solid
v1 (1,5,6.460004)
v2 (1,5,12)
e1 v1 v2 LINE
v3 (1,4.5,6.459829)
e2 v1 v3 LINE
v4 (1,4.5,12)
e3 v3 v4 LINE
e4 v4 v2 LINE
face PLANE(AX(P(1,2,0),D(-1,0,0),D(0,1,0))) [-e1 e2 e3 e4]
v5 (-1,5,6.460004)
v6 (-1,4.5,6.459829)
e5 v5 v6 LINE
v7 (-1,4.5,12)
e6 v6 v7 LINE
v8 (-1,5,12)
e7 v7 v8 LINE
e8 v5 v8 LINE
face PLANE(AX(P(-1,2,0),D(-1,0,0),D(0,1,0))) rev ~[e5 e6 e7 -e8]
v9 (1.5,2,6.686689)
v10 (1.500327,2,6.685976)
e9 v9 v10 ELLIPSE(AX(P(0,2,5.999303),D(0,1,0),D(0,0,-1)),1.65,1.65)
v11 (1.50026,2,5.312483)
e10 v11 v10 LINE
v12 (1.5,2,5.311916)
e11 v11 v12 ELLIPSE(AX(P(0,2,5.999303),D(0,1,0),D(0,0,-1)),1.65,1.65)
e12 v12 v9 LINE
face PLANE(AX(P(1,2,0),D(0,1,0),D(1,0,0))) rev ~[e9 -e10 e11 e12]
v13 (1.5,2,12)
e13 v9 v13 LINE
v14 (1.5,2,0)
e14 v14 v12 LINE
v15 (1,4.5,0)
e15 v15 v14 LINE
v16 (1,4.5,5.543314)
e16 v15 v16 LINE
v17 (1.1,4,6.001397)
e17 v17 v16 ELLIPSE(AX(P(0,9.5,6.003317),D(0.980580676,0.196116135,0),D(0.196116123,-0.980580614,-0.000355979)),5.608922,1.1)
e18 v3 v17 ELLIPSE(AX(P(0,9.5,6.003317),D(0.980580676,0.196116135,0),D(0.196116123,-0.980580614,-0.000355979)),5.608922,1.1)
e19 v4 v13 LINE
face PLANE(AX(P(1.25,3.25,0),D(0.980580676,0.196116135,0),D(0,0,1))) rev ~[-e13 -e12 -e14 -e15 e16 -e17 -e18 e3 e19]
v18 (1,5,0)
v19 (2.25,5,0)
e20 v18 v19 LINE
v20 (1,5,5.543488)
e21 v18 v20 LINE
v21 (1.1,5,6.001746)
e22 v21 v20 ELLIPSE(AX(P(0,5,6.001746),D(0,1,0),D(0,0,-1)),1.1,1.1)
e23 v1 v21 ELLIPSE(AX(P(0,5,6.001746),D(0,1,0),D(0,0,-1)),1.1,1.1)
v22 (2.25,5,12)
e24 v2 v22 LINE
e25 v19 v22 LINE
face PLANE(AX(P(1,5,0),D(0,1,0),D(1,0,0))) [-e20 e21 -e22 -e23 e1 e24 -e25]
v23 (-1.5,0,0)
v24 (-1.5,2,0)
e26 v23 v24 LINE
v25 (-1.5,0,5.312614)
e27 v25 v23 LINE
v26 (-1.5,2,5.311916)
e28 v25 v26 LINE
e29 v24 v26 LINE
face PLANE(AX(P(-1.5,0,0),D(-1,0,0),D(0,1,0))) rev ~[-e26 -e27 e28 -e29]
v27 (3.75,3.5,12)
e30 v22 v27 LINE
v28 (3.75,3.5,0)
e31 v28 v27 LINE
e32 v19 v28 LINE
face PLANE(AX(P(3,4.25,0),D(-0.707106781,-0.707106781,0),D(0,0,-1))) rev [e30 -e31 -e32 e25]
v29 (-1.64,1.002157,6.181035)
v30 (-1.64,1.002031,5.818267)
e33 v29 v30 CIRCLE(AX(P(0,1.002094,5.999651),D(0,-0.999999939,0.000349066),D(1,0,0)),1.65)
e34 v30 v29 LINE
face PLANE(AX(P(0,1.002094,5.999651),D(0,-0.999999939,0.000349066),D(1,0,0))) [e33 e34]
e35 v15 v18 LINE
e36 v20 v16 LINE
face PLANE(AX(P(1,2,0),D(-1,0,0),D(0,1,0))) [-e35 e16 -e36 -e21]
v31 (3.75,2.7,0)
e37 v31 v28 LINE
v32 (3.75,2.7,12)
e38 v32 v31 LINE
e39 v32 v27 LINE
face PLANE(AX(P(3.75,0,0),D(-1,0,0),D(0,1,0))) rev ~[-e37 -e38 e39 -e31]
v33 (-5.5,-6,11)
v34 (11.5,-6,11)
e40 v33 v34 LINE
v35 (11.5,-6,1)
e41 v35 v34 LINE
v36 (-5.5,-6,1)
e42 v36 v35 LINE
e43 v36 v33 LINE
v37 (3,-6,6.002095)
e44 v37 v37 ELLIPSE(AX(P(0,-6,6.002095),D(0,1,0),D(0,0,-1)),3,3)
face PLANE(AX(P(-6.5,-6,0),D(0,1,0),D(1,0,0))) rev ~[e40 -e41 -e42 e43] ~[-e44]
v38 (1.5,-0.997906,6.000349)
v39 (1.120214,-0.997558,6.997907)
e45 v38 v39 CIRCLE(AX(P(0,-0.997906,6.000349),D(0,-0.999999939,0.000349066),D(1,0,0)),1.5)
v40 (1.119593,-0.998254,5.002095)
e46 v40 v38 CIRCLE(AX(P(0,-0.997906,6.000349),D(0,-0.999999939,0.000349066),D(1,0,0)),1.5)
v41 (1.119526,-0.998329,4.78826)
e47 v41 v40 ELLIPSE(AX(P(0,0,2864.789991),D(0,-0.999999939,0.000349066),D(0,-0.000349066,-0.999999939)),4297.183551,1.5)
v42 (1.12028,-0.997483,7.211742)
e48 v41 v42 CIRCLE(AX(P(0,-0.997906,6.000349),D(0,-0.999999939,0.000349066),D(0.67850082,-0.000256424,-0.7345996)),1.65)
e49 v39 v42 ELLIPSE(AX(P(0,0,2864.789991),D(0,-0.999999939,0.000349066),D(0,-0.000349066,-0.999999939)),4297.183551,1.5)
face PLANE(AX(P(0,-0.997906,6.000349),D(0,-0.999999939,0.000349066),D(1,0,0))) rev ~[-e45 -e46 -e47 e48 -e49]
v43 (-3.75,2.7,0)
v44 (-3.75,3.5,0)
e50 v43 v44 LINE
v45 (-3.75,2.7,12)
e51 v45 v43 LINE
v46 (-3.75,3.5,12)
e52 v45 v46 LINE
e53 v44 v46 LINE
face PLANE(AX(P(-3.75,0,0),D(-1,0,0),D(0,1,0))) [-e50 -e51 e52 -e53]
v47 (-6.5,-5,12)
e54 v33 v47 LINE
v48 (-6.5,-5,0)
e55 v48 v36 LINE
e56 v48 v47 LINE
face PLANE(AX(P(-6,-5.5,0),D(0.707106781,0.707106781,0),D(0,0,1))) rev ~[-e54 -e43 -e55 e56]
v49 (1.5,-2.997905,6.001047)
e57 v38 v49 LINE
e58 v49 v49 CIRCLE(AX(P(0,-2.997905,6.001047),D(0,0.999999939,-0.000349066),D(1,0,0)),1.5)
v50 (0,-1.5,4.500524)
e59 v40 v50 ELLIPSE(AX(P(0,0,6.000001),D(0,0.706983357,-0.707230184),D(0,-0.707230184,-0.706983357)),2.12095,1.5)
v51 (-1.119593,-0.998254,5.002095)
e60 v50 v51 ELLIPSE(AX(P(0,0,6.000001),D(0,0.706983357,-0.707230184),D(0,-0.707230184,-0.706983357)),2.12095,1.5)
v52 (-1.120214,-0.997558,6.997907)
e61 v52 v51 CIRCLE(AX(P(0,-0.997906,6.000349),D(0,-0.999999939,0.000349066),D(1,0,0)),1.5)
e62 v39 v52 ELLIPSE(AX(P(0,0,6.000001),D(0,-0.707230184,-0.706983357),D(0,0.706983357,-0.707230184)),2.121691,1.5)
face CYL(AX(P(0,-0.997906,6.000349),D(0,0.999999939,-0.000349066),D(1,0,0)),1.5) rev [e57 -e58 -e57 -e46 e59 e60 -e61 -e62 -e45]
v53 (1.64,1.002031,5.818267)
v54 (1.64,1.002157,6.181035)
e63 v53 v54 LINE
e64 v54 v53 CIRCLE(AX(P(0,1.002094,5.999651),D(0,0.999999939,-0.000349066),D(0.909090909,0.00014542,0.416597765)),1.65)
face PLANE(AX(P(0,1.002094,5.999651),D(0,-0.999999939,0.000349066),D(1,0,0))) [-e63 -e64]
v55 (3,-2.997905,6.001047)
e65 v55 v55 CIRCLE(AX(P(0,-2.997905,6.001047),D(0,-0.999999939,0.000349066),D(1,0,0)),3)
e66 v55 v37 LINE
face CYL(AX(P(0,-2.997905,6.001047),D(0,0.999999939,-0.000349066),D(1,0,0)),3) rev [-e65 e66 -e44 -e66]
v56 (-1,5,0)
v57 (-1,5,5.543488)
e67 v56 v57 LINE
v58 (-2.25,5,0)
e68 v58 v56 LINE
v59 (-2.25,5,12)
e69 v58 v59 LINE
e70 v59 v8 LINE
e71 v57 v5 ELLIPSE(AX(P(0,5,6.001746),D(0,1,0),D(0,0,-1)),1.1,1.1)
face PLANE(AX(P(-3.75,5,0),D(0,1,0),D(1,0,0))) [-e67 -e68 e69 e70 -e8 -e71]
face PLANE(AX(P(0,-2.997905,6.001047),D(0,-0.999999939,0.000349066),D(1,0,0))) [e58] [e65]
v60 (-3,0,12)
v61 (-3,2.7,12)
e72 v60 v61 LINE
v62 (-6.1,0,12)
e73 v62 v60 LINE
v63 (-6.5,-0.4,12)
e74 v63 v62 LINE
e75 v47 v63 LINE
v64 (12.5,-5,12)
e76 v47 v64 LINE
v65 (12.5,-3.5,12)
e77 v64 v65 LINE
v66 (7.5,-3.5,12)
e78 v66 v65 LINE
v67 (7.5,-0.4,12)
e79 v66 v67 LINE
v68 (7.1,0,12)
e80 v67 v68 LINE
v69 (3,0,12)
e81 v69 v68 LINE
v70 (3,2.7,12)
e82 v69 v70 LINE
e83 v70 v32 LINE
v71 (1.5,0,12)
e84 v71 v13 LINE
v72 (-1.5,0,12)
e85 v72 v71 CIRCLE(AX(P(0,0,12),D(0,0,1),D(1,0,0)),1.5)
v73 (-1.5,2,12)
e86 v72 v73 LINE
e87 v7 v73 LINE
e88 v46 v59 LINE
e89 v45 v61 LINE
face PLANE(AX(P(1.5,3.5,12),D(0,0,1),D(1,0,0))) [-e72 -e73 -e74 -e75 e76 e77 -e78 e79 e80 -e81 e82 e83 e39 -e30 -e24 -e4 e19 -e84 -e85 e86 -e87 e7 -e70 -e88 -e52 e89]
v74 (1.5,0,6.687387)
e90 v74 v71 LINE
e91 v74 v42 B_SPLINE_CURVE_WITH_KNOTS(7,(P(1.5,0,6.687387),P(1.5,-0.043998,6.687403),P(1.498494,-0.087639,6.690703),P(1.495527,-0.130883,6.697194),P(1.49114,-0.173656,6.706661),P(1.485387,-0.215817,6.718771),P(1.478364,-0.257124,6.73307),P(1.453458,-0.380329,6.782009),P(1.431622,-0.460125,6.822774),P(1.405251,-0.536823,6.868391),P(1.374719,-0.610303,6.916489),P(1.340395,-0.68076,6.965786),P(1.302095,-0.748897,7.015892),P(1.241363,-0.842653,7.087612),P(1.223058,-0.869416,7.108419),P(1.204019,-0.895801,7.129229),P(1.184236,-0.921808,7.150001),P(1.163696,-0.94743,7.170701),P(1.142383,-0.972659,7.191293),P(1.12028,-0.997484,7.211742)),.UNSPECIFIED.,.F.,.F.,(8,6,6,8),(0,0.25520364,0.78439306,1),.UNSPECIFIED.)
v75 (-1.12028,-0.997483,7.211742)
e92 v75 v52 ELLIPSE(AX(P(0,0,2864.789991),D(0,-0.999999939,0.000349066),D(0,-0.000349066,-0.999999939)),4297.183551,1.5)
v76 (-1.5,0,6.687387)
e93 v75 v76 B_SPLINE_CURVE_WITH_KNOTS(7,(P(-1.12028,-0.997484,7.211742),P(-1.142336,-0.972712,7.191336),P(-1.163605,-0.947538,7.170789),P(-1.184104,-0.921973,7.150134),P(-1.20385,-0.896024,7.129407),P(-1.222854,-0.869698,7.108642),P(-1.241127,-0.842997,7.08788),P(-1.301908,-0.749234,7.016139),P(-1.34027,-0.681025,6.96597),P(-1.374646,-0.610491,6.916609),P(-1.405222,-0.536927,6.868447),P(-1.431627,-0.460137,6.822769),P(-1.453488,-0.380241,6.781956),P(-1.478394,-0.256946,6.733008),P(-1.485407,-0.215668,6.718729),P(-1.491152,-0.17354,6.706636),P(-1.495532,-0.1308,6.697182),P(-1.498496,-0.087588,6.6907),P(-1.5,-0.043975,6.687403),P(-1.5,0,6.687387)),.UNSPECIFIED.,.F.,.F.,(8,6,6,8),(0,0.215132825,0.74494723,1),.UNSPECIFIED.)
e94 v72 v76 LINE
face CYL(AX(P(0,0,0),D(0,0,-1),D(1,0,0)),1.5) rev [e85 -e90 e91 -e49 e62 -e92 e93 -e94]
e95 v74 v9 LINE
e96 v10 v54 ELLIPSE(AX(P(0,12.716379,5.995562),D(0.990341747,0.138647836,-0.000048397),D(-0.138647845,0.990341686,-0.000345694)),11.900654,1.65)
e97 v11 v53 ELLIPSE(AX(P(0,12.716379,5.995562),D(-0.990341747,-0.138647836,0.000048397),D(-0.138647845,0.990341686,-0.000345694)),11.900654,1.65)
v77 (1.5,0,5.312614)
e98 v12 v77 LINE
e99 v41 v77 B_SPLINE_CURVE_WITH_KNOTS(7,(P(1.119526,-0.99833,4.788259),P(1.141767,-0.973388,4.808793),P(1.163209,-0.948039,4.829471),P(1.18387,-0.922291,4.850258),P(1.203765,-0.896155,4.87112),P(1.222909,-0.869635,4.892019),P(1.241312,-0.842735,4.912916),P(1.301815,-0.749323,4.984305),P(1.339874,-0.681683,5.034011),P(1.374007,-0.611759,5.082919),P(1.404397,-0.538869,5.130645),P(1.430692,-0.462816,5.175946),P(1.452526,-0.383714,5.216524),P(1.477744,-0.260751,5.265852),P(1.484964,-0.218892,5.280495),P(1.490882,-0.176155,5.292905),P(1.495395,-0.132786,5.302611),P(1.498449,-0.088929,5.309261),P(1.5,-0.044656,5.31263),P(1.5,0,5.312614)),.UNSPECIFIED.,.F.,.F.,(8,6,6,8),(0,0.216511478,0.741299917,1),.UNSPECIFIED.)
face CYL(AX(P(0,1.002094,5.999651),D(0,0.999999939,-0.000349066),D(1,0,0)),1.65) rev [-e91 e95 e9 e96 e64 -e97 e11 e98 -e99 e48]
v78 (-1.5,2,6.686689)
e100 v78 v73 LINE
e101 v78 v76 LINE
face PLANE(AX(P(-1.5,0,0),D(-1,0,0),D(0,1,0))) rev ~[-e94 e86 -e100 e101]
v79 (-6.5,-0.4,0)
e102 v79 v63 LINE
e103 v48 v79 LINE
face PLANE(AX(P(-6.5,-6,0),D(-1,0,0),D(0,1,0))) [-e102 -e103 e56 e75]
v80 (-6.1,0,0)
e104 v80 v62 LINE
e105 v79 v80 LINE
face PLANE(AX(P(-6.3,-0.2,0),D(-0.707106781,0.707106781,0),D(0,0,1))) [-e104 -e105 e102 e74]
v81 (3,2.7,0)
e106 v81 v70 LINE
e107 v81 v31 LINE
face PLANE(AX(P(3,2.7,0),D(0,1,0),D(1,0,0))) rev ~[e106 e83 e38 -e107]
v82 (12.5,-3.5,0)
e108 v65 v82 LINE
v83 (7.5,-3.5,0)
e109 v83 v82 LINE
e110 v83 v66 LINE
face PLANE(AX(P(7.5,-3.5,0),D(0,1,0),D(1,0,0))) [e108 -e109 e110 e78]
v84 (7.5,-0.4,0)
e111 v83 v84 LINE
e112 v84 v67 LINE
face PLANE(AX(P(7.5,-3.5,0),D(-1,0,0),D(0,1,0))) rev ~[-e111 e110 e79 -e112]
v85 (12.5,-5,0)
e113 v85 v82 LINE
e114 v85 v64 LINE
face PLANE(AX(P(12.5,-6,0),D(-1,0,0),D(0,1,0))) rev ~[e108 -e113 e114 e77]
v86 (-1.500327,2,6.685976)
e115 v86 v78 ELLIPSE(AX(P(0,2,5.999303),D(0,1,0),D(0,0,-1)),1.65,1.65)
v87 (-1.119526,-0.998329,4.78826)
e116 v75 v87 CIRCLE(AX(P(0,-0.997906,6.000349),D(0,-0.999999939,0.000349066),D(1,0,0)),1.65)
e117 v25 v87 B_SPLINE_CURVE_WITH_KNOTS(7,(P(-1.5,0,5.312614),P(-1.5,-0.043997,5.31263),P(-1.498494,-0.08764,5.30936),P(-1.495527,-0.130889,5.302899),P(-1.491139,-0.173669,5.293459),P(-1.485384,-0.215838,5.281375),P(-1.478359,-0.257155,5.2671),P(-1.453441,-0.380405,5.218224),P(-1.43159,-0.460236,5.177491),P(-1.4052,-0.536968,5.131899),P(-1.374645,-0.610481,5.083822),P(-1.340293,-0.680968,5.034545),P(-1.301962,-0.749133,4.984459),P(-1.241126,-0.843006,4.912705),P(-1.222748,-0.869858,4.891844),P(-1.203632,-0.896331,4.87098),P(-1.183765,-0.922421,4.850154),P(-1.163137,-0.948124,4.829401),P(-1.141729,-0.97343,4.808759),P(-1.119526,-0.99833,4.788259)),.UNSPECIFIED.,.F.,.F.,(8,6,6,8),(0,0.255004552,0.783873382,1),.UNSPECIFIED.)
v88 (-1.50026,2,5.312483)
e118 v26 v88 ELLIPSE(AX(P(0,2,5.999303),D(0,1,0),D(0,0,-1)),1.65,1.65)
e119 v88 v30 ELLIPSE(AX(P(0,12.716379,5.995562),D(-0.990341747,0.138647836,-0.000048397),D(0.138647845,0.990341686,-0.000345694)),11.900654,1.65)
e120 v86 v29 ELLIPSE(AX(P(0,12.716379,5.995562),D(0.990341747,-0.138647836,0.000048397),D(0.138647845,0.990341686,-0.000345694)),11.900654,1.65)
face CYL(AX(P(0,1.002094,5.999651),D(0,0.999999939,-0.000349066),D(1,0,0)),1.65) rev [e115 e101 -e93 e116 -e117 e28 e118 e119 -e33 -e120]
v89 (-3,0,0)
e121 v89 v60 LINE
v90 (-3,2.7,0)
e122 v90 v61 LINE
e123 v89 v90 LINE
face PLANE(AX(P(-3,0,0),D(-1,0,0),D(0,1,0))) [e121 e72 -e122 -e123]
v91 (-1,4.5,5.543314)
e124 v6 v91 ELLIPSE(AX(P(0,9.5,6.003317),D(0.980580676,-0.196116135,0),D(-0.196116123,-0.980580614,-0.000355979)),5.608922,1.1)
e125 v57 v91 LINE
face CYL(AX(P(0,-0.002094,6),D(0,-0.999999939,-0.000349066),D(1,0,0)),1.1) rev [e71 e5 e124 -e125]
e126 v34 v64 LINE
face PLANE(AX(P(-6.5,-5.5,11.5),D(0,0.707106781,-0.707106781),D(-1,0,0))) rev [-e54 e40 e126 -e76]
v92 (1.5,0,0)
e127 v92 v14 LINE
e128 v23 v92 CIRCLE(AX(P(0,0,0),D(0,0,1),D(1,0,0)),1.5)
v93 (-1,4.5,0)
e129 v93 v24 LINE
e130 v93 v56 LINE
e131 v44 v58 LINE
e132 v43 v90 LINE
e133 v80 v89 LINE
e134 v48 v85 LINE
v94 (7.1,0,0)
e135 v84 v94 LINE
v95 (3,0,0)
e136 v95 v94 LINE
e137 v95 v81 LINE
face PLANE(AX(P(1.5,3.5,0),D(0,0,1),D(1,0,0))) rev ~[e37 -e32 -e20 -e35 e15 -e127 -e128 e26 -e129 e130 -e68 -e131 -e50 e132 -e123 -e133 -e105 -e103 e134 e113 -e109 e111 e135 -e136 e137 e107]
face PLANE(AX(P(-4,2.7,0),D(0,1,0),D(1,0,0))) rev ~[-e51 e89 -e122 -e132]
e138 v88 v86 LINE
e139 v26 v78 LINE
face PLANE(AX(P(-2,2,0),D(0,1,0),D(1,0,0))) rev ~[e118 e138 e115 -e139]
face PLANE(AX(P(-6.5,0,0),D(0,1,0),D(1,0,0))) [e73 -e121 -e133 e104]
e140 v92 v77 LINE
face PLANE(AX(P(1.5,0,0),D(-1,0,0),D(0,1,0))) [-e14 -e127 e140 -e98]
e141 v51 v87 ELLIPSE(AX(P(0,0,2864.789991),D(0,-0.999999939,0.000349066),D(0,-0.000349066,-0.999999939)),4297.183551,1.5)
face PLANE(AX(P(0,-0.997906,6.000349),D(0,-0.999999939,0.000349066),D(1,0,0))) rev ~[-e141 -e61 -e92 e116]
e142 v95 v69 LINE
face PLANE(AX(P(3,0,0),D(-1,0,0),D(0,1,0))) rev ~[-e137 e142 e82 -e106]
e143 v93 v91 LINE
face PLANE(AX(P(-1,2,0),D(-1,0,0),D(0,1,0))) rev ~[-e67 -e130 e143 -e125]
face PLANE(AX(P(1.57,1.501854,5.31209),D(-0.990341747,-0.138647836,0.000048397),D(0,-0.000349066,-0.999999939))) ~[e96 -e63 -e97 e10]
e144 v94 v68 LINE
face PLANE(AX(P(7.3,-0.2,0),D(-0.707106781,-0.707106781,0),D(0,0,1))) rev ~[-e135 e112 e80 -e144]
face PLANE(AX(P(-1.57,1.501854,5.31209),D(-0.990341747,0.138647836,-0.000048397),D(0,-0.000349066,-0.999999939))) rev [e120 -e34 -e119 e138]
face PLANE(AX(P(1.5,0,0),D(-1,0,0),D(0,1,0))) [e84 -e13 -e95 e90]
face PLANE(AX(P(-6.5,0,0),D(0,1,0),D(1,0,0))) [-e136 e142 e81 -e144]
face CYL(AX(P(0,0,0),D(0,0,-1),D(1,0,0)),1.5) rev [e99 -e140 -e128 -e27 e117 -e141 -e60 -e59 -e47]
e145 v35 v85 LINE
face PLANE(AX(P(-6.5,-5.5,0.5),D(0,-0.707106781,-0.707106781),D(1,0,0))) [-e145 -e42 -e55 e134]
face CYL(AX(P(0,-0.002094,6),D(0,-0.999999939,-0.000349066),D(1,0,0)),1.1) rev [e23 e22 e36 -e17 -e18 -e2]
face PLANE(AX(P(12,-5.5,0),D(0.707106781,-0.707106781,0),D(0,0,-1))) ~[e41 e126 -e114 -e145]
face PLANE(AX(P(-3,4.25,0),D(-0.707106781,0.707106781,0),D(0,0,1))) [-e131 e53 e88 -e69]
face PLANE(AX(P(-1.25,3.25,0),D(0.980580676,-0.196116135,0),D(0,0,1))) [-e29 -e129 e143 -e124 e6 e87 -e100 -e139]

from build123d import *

# Parameters (mm, degrees)
CYLINDER005_R               = 1.1
CYLINDER005_DEPTH           = 10
CYLINDER005_PLACEMENT_ANGLE = 89.98
BOX017_W                    = 1
BOX017_H                    = 3
BOX017_DEPTH                = 12
CHAMFER019_SIZE2            = 0.5
CHAMFER019_SIZE             = 2.5
BOX016_W                    = 1
BOX016_H                    = 3
BOX016_DEPTH                = 12
CHAMFER018_SIZE2            = 0.5
CHAMFER018_SIZE             = 2.5
CYLINDER004_R               = 1.5
CYLINDER004_DEPTH           = 5
CYLINDER004_PLACEMENT_ANGLE = 89.98
CYLINDER003_R               = 1.65
CYLINDER003_DEPTH           = 2
CYLINDER003_PLACEMENT_ANGLE = 89.98
CYLINDER002_R               = 3
CYLINDER002_DEPTH           = 7
CYLINDER002_PLACEMENT_ANGLE = 89.98
BOX006_W                    = 1
BOX006_H                    = 2.7
BOX006_DEPTH                = 12
BOX003_W                    = 2.25
BOX003_H                    = 5
BOX003_DEPTH                = 12
CHAMFER016_SIZE             = 1.5
BOX007_W                    = 1
BOX007_H                    = 2.7
BOX007_DEPTH                = 12
BOX002_W                    = 2.25
BOX002_H                    = 5
BOX002_DEPTH                = 12
CHAMFER_SIZE                = 1.5
CYLINDER001_R               = 1.5
CYLINDER001_DEPTH           = 12
BOX005_W                    = 21
BOX005_H                    = 6
BOX005_DEPTH                = 12
BOX004_W                    = 19
BOX004_H                    = 6
BOX004_DEPTH                = 12
CHAMFER020_1_SIZE2          = 0.14
CHAMFER020_1_SIZE           = 1
CHAMFER020_2_SIZE2          = 0.14
CHAMFER020_2_SIZE           = 1
CHAMFER021_SIZE             = 1
CHAMFER022_SIZE             = 0.4


with BuildPart() as cylinder005:
    # Cylinder005 → Cylinder005 (new body)
    with BuildSketch(Plane.XY):
        Circle(CYLINDER005_R)
    extrude(amount=CYLINDER005_DEPTH)


with BuildPart() as cylinder005_1:
    # Cylinder005 placement: moved
    add(cylinder005.part.moved(Location((0, -0.002094, 6))).rotate(Axis((0, -0.002094, 6), (-1, 0, 0)), CYLINDER005_PLACEMENT_ANGLE))


with BuildPart() as chamfer019:
    # Box017 → Box017 (new body)
    with BuildSketch(Plane(origin=(1, 2, 0), x_dir=(1, 0, 0), z_dir=(0, 0, 1))):
        with Locations((0.5, 1.5)):
            Rectangle(BOX017_W, BOX017_H)
    extrude(amount=BOX017_DEPTH)

    # Chamfer019
    chamfer019_edges = [chamfer019.edges().sort_by_distance(p)[0] for p in [
        (1, 2, 6),
    ]]
    chamfer019_side = chamfer019.faces().sort_by_distance((1, 3.5, 6))[0]
    chamfer(chamfer019_edges, length=CHAMFER019_SIZE, length2=CHAMFER019_SIZE2, reference=chamfer019_side)


with BuildPart() as chamfer018:
    # Box016 → Box016 (new body)
    with BuildSketch(Plane(origin=(-2, 2, 0), x_dir=(1, 0, 0), z_dir=(0, 0, 1))):
        with Locations((0.5, 1.5)):
            Rectangle(BOX016_W, BOX016_H)
    extrude(amount=BOX016_DEPTH)

    # Chamfer018
    chamfer018_edges = [chamfer018.edges().sort_by_distance(p)[0] for p in [
        (-1, 2, 6),
    ]]
    chamfer018_side = chamfer018.faces().sort_by_distance((-1, 3.5, 6))[0]
    chamfer(chamfer018_edges, length=CHAMFER018_SIZE, length2=CHAMFER018_SIZE2, reference=chamfer018_side)


with BuildPart() as cylinder004:
    # Cylinder004 → Cylinder004 (new body)
    with BuildSketch(Plane.XY):
        Circle(CYLINDER004_R)
    extrude(amount=CYLINDER004_DEPTH)


with BuildPart() as cylinder004_1:
    # Cylinder004 placement: moved
    add(cylinder004.part.moved(Location((0, -0.997906, 6.000349))).rotate(Axis((0, -0.997906, 6.000349), (1, 0, 0)), CYLINDER004_PLACEMENT_ANGLE))


with BuildPart() as cylinder003:
    # Cylinder003 → Cylinder003 (new body)
    with BuildSketch(Plane.XY):
        Circle(CYLINDER003_R)
    extrude(amount=CYLINDER003_DEPTH)


with BuildPart() as cylinder003_1:
    # Cylinder003 placement: moved
    add(cylinder003.part.moved(Location((0, 1.002094, 5.999651))).rotate(Axis((0, 1.002094, 5.999651), (1, 0, 0)), CYLINDER003_PLACEMENT_ANGLE))


with BuildPart() as fusion007:
    # Cylinder002 → Cylinder002 (new body)
    with BuildSketch(Plane.XY):
        Circle(CYLINDER002_R)
    extrude(amount=CYLINDER002_DEPTH)


with BuildPart() as fusion007_1:
    # Cylinder002 placement: moved
    add(fusion007.part.moved(Location((0, -2.997905, 6.001047))).rotate(Axis((0, -2.997905, 6.001047), (1, 0, 0)), CYLINDER002_PLACEMENT_ANGLE))

    # Fusion007: union Cylinder004, Cylinder003
    add(cylinder004_1.part)
    add(cylinder003_1.part)


with BuildPart() as cube006:
    # Box006 → Box006 (new body)
    with BuildSketch(Plane(origin=(-4, 0, 0), x_dir=(1, 0, 0), z_dir=(0, 0, 1))):
        with Locations((0.5, 1.35)):
            Rectangle(BOX006_W, BOX006_H)
    extrude(amount=BOX006_DEPTH)


with BuildPart() as chamfer016:
    # Box003 → Box003 (new body)
    with BuildSketch(Plane(origin=(-3.75, 0, 0), x_dir=(1, 0, 0), z_dir=(0, 0, 1))):
        with Locations((1.125, 2.5)):
            Rectangle(BOX003_W, BOX003_H)
    extrude(amount=BOX003_DEPTH)

    # Cut011: cut Cube006
    add(cube006.part, mode=Mode.SUBTRACT)

    # Chamfer016
    chamfer016_edges = [chamfer016.edges().sort_by_distance(p)[0] for p in [
        (-3.75, 5, 6),
    ]]
    chamfer(chamfer016_edges, length=CHAMFER016_SIZE)


with BuildPart() as cube007:
    # Box007 → Box007 (new body)
    with BuildSketch(Plane(origin=(3, 0, 0), x_dir=(1, 0, 0), z_dir=(0, 0, 1))):
        with Locations((0.5, 1.35)):
            Rectangle(BOX007_W, BOX007_H)
    extrude(amount=BOX007_DEPTH)


with BuildPart() as chamfer_body:
    # Box002 → Box002 (new body)
    with BuildSketch(Plane(origin=(1.5, 0, 0), x_dir=(1, 0, 0), z_dir=(0, 0, 1))):
        with Locations((1.125, 2.5)):
            Rectangle(BOX002_W, BOX002_H)
    extrude(amount=BOX002_DEPTH)

    # Cut012: cut Cube007
    add(cube007.part, mode=Mode.SUBTRACT)

    # Chamfer
    chamfer_edges = [chamfer_body.edges().sort_by_distance(p)[0] for p in [
        (3.75, 5, 6),
    ]]
    chamfer(chamfer_edges, length=CHAMFER_SIZE)


with BuildPart() as cylinder001:
    # Cylinder001 → Cylinder001 (new body)
    with BuildSketch(Plane.XY):
        Circle(CYLINDER001_R)
    extrude(amount=CYLINDER001_DEPTH)


with BuildPart() as cube005:
    # Box005 → Box005 (new body)
    with BuildSketch(Plane(origin=(7.5, -3.5, 0), x_dir=(1, 0, 0), z_dir=(0, 0, 1))):
        with Locations((10.5, 3)):
            Rectangle(BOX005_W, BOX005_H)
    extrude(amount=BOX005_DEPTH)


with BuildPart() as plate_clip_r1:
    # Box004 → Box004 (new body)
    with BuildSketch(Plane(origin=(-6.5, -6, 0), x_dir=(1, 0, 0), z_dir=(0, 0, 1))):
        with Locations((9.5, 3)):
            Rectangle(BOX004_W, BOX004_H)
    extrude(amount=BOX004_DEPTH)

    # Cut: cut Cube005
    add(cube005.part, mode=Mode.SUBTRACT)

    # Cut013: cut Cylinder001
    add(cylinder001.part, mode=Mode.SUBTRACT)

    # Fusion006: union Chamfer016, Chamfer body
    add(chamfer016.part)
    add(chamfer_body.part)

    # Cut014: cut Fusion007
    add(fusion007_1.part, mode=Mode.SUBTRACT)

    # Chamfer020 1
    chamfer020_1_edges = [plate_clip_r1.edges().sort_by_distance(p)[0] for p in [
        (-1.5, 1.002094, 5.999651),
    ]]
    chamfer020_1_side = plate_clip_r1.faces().sort_by_distance((-1.5, 2.546976, 6.000003))[0]
    chamfer(chamfer020_1_edges, length=CHAMFER020_1_SIZE, length2=CHAMFER020_1_SIZE2, reference=chamfer020_1_side)

    # Chamfer020 2
    chamfer020_2_edges = [plate_clip_r1.edges().sort_by_distance(p)[0] for p in [
        (1.5, 1.002094, 5.999651),
    ]]
    chamfer020_2_side = plate_clip_r1.faces().sort_by_distance((1.5, 2.546976, 6.000003))[0]
    chamfer(chamfer020_2_edges, length=CHAMFER020_2_SIZE, length2=CHAMFER020_2_SIZE2, reference=chamfer020_2_side)

    # Fusion008: union Chamfer019, Chamfer018
    add(chamfer019.part)
    add(chamfer018.part)

    # Cut015: cut Cylinder005
    add(cylinder005_1.part, mode=Mode.SUBTRACT)

    # Chamfer021
    chamfer021_edges = [plate_clip_r1.edges().sort_by_distance(p)[0] for p in [
        (3, -6, 12),
        (12.5, -6, 6),
        (3, -6, 0),
        (-6.5, -6, 6),
    ]]
    chamfer(chamfer021_edges, length=CHAMFER021_SIZE)

    # Chamfer022
    chamfer022_edges = [plate_clip_r1.edges().sort_by_distance(p)[0] for p in [
        (-6.5, 0, 6),
        (7.5, 0, 6),
    ]]
    chamfer(chamfer022_edges, length=CHAMFER022_SIZE)


solid = plate_clip_r1.part
